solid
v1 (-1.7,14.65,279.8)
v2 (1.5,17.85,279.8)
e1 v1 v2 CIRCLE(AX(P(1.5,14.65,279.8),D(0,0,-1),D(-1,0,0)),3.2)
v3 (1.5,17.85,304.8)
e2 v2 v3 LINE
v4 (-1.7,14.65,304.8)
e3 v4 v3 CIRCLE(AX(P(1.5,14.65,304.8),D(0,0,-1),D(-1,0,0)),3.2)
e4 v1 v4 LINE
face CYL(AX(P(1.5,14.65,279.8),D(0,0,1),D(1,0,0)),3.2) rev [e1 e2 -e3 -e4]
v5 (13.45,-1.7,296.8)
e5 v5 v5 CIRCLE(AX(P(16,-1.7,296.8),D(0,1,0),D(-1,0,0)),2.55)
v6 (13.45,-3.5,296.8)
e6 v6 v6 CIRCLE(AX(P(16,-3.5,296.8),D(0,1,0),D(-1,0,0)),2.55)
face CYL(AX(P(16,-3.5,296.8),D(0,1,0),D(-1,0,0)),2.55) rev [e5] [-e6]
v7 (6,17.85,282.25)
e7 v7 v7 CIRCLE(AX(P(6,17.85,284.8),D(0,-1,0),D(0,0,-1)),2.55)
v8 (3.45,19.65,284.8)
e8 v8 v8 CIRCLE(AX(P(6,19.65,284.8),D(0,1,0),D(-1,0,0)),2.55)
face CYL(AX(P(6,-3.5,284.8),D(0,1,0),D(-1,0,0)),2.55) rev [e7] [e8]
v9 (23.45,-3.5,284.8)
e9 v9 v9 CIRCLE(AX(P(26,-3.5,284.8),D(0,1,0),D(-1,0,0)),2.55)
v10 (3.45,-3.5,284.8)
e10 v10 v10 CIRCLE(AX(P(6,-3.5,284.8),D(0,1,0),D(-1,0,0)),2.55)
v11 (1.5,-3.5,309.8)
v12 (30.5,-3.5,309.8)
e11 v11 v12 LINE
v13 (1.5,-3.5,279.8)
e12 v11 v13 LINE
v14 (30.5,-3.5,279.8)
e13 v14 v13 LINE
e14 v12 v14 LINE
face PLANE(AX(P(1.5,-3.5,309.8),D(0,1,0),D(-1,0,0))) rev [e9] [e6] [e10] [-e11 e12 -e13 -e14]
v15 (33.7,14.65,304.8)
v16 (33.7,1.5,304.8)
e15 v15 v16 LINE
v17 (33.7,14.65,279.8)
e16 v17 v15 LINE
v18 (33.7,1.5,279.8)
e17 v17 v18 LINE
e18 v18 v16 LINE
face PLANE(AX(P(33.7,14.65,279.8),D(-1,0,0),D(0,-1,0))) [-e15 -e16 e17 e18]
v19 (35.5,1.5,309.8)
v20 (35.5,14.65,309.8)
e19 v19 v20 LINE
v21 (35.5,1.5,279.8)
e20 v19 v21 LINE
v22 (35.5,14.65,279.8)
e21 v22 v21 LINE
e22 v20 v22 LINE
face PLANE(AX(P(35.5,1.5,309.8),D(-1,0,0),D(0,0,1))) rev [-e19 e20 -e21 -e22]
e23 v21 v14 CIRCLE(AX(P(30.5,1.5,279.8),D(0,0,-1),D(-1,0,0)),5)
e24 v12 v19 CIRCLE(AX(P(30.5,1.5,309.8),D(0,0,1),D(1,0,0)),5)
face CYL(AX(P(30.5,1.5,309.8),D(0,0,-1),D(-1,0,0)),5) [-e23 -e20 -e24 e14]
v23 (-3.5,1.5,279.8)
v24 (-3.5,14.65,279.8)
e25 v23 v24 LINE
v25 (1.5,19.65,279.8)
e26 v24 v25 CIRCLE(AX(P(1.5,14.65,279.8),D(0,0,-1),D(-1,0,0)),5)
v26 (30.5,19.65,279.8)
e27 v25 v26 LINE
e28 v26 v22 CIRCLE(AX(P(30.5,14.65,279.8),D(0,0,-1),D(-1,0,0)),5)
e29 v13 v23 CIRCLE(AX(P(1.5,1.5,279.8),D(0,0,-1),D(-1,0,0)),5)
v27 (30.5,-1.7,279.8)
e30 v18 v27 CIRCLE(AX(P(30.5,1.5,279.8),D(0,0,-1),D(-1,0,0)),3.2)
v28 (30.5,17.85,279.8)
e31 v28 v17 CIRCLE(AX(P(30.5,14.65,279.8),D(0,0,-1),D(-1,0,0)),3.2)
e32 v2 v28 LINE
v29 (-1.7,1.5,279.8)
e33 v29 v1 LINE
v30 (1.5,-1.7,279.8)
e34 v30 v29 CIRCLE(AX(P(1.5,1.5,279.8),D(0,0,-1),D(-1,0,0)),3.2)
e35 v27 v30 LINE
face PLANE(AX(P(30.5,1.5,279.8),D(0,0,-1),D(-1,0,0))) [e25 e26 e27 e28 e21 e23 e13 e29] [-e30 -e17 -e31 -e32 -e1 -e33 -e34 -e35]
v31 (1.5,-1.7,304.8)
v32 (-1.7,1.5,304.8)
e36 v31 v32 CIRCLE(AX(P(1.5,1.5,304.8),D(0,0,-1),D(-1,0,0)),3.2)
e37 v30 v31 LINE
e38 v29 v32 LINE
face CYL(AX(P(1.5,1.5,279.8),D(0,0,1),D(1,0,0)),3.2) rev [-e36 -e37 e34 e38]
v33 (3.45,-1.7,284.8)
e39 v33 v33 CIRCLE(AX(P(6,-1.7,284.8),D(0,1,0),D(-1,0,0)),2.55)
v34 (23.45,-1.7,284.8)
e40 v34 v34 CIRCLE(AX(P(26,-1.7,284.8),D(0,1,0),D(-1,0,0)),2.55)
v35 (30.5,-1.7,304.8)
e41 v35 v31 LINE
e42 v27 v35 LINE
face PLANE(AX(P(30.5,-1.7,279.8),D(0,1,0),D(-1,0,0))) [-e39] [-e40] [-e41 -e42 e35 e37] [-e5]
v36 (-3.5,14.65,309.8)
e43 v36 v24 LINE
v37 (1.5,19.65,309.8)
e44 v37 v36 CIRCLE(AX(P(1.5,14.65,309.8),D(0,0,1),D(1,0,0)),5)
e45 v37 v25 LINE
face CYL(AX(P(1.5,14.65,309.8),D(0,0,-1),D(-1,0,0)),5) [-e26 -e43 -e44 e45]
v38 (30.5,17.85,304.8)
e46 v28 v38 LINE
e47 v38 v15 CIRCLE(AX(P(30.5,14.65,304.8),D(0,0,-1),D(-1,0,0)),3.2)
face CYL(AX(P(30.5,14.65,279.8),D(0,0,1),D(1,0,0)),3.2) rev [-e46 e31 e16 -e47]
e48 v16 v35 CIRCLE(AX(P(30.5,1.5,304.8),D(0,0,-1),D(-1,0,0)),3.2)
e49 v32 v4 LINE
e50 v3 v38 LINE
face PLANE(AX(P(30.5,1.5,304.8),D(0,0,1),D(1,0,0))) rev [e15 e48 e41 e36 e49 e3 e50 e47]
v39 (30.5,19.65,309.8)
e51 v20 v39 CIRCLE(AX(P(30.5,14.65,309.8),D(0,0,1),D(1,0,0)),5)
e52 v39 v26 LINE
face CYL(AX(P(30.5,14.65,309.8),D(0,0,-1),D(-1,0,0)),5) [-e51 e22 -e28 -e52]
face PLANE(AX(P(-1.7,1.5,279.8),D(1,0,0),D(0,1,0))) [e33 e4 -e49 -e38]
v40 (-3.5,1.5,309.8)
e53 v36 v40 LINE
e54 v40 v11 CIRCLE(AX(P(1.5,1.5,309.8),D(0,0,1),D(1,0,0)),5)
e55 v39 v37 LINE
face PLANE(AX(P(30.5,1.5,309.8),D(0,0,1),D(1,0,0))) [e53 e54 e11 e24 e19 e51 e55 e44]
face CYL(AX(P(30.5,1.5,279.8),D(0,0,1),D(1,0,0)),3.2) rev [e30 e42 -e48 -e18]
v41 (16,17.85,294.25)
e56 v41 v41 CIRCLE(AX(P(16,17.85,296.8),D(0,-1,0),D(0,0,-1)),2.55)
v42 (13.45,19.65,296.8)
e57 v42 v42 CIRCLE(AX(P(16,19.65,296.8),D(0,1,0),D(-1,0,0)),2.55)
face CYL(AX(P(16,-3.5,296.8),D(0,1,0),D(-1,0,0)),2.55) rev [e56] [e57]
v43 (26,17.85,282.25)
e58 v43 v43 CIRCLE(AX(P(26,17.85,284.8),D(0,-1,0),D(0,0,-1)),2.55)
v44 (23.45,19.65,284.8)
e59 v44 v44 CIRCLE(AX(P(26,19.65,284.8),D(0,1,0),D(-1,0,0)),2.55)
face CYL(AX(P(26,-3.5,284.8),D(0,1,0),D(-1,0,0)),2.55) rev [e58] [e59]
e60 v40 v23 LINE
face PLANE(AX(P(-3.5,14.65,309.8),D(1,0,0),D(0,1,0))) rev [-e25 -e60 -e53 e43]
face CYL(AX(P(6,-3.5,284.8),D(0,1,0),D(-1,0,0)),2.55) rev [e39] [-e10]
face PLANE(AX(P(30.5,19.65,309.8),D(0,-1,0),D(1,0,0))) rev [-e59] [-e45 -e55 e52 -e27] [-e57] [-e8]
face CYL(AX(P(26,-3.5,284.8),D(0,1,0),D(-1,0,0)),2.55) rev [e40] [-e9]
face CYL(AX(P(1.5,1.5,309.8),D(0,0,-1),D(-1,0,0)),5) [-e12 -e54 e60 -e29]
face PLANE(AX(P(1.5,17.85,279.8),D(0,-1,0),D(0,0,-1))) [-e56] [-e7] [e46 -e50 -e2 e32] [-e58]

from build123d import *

# Parameters (mm, degrees)
BOSS_EXTRUDE2_DEPTH = 5
BOSS_EXTRUDE3_START = 25
BOSS_EXTRUDE3_DEPTH = 25
SKETCH7_R           = 2.55
CUT_EXTRUDE1_DEPTH  = 313.685484953


with BuildPart() as part:
    # Sketch4 → Boss-Extrude2 (new body)
    with BuildSketch(Plane.XY.offset(304.8)):
        with BuildLine():
            Line((35.5, 1.5), (35.5, 14.65))
            ThreePointArc((35.5, 14.65), (34.035533906, 18.185533906), (30.5, 19.65))
            Line((30.5, 19.65), (1.5, 19.65))
            ThreePointArc((1.5, 19.65), (-2.035533906, 18.185533906), (-3.5, 14.65))
            Line((-3.5, 14.65), (-3.5, 1.5))
            ThreePointArc((-3.5, 1.5), (-2.035533906, -2.035533906), (1.5, -3.5))
            Line((1.5, -3.5), (30.5, -3.5))
            ThreePointArc((30.5, -3.5), (34.035533906, -2.035533906), (35.5, 1.5))
        make_face()
    extrude(amount=BOSS_EXTRUDE2_DEPTH)

    # Sketch6 → Boss-Extrude3 (add)
    with BuildSketch(Plane(origin=(0, 0, 304.8), x_dir=(-1, 0, 0), z_dir=(0, 0, -1)).offset(BOSS_EXTRUDE3_START)):
        with BuildLine():
            Line((-30.5, -3.5), (-1.5, -3.5))
            ThreePointArc((-1.5, -3.5), (2.035533906, -2.035533906), (3.5, 1.5))
            Line((3.5, 1.5), (3.5, 14.65))
            ThreePointArc((3.5, 14.65), (2.035533906, 18.185533906), (-1.5, 19.65))
            Line((-1.5, 19.65), (-30.5, 19.65))
            ThreePointArc((-30.5, 19.65), (-34.035533906, 18.185533906), (-35.5, 14.65))
            Line((-35.5, 14.65), (-35.5, 1.5))
            ThreePointArc((-35.5, 1.5), (-34.035533906, -2.035533906), (-30.5, -3.5))
        make_face()
        with BuildLine():
            Line((-1.5, 17.85), (-30.5, 17.85))
            ThreePointArc((-30.5, 17.85), (-32.7627417, 16.9127417), (-33.7, 14.65))
            Line((-33.7, 14.65), (-33.7, 1.5))
            ThreePointArc((-33.7, 1.5), (-32.7627417, -0.7627417), (-30.5, -1.7))
            Line((-30.5, -1.7), (-1.5, -1.7))
            ThreePointArc((-1.5, -1.7), (0.7627417, -0.7627417), (1.7, 1.5))
            Line((1.7, 1.5), (1.7, 14.65))
            ThreePointArc((1.7, 14.65), (0.7627417, 16.9127417), (-1.5, 17.85))
        make_face(mode=Mode.SUBTRACT)
    extrude(amount=-BOSS_EXTRUDE3_DEPTH)

    # Sketch7 → Cut-Extrude1 (cut, through all)
    with BuildSketch(Plane(origin=(0, 19.65, 0), x_dir=(1, 0, 0), z_dir=(0, 1, 0))):
        with Locations(Location((16, -296.8, 0), (0, 0, 180))):
            Circle(SKETCH7_R)
        with Locations(Location((26, -284.8, 0), (0, 0, 180))):
            Circle(SKETCH7_R)
        with Locations(Location((6, -284.8, 0), (0, 0, 180))):
            Circle(SKETCH7_R)
    extrude(amount=-CUT_EXTRUDE1_DEPTH, mode=Mode.SUBTRACT)


solid = part.part
